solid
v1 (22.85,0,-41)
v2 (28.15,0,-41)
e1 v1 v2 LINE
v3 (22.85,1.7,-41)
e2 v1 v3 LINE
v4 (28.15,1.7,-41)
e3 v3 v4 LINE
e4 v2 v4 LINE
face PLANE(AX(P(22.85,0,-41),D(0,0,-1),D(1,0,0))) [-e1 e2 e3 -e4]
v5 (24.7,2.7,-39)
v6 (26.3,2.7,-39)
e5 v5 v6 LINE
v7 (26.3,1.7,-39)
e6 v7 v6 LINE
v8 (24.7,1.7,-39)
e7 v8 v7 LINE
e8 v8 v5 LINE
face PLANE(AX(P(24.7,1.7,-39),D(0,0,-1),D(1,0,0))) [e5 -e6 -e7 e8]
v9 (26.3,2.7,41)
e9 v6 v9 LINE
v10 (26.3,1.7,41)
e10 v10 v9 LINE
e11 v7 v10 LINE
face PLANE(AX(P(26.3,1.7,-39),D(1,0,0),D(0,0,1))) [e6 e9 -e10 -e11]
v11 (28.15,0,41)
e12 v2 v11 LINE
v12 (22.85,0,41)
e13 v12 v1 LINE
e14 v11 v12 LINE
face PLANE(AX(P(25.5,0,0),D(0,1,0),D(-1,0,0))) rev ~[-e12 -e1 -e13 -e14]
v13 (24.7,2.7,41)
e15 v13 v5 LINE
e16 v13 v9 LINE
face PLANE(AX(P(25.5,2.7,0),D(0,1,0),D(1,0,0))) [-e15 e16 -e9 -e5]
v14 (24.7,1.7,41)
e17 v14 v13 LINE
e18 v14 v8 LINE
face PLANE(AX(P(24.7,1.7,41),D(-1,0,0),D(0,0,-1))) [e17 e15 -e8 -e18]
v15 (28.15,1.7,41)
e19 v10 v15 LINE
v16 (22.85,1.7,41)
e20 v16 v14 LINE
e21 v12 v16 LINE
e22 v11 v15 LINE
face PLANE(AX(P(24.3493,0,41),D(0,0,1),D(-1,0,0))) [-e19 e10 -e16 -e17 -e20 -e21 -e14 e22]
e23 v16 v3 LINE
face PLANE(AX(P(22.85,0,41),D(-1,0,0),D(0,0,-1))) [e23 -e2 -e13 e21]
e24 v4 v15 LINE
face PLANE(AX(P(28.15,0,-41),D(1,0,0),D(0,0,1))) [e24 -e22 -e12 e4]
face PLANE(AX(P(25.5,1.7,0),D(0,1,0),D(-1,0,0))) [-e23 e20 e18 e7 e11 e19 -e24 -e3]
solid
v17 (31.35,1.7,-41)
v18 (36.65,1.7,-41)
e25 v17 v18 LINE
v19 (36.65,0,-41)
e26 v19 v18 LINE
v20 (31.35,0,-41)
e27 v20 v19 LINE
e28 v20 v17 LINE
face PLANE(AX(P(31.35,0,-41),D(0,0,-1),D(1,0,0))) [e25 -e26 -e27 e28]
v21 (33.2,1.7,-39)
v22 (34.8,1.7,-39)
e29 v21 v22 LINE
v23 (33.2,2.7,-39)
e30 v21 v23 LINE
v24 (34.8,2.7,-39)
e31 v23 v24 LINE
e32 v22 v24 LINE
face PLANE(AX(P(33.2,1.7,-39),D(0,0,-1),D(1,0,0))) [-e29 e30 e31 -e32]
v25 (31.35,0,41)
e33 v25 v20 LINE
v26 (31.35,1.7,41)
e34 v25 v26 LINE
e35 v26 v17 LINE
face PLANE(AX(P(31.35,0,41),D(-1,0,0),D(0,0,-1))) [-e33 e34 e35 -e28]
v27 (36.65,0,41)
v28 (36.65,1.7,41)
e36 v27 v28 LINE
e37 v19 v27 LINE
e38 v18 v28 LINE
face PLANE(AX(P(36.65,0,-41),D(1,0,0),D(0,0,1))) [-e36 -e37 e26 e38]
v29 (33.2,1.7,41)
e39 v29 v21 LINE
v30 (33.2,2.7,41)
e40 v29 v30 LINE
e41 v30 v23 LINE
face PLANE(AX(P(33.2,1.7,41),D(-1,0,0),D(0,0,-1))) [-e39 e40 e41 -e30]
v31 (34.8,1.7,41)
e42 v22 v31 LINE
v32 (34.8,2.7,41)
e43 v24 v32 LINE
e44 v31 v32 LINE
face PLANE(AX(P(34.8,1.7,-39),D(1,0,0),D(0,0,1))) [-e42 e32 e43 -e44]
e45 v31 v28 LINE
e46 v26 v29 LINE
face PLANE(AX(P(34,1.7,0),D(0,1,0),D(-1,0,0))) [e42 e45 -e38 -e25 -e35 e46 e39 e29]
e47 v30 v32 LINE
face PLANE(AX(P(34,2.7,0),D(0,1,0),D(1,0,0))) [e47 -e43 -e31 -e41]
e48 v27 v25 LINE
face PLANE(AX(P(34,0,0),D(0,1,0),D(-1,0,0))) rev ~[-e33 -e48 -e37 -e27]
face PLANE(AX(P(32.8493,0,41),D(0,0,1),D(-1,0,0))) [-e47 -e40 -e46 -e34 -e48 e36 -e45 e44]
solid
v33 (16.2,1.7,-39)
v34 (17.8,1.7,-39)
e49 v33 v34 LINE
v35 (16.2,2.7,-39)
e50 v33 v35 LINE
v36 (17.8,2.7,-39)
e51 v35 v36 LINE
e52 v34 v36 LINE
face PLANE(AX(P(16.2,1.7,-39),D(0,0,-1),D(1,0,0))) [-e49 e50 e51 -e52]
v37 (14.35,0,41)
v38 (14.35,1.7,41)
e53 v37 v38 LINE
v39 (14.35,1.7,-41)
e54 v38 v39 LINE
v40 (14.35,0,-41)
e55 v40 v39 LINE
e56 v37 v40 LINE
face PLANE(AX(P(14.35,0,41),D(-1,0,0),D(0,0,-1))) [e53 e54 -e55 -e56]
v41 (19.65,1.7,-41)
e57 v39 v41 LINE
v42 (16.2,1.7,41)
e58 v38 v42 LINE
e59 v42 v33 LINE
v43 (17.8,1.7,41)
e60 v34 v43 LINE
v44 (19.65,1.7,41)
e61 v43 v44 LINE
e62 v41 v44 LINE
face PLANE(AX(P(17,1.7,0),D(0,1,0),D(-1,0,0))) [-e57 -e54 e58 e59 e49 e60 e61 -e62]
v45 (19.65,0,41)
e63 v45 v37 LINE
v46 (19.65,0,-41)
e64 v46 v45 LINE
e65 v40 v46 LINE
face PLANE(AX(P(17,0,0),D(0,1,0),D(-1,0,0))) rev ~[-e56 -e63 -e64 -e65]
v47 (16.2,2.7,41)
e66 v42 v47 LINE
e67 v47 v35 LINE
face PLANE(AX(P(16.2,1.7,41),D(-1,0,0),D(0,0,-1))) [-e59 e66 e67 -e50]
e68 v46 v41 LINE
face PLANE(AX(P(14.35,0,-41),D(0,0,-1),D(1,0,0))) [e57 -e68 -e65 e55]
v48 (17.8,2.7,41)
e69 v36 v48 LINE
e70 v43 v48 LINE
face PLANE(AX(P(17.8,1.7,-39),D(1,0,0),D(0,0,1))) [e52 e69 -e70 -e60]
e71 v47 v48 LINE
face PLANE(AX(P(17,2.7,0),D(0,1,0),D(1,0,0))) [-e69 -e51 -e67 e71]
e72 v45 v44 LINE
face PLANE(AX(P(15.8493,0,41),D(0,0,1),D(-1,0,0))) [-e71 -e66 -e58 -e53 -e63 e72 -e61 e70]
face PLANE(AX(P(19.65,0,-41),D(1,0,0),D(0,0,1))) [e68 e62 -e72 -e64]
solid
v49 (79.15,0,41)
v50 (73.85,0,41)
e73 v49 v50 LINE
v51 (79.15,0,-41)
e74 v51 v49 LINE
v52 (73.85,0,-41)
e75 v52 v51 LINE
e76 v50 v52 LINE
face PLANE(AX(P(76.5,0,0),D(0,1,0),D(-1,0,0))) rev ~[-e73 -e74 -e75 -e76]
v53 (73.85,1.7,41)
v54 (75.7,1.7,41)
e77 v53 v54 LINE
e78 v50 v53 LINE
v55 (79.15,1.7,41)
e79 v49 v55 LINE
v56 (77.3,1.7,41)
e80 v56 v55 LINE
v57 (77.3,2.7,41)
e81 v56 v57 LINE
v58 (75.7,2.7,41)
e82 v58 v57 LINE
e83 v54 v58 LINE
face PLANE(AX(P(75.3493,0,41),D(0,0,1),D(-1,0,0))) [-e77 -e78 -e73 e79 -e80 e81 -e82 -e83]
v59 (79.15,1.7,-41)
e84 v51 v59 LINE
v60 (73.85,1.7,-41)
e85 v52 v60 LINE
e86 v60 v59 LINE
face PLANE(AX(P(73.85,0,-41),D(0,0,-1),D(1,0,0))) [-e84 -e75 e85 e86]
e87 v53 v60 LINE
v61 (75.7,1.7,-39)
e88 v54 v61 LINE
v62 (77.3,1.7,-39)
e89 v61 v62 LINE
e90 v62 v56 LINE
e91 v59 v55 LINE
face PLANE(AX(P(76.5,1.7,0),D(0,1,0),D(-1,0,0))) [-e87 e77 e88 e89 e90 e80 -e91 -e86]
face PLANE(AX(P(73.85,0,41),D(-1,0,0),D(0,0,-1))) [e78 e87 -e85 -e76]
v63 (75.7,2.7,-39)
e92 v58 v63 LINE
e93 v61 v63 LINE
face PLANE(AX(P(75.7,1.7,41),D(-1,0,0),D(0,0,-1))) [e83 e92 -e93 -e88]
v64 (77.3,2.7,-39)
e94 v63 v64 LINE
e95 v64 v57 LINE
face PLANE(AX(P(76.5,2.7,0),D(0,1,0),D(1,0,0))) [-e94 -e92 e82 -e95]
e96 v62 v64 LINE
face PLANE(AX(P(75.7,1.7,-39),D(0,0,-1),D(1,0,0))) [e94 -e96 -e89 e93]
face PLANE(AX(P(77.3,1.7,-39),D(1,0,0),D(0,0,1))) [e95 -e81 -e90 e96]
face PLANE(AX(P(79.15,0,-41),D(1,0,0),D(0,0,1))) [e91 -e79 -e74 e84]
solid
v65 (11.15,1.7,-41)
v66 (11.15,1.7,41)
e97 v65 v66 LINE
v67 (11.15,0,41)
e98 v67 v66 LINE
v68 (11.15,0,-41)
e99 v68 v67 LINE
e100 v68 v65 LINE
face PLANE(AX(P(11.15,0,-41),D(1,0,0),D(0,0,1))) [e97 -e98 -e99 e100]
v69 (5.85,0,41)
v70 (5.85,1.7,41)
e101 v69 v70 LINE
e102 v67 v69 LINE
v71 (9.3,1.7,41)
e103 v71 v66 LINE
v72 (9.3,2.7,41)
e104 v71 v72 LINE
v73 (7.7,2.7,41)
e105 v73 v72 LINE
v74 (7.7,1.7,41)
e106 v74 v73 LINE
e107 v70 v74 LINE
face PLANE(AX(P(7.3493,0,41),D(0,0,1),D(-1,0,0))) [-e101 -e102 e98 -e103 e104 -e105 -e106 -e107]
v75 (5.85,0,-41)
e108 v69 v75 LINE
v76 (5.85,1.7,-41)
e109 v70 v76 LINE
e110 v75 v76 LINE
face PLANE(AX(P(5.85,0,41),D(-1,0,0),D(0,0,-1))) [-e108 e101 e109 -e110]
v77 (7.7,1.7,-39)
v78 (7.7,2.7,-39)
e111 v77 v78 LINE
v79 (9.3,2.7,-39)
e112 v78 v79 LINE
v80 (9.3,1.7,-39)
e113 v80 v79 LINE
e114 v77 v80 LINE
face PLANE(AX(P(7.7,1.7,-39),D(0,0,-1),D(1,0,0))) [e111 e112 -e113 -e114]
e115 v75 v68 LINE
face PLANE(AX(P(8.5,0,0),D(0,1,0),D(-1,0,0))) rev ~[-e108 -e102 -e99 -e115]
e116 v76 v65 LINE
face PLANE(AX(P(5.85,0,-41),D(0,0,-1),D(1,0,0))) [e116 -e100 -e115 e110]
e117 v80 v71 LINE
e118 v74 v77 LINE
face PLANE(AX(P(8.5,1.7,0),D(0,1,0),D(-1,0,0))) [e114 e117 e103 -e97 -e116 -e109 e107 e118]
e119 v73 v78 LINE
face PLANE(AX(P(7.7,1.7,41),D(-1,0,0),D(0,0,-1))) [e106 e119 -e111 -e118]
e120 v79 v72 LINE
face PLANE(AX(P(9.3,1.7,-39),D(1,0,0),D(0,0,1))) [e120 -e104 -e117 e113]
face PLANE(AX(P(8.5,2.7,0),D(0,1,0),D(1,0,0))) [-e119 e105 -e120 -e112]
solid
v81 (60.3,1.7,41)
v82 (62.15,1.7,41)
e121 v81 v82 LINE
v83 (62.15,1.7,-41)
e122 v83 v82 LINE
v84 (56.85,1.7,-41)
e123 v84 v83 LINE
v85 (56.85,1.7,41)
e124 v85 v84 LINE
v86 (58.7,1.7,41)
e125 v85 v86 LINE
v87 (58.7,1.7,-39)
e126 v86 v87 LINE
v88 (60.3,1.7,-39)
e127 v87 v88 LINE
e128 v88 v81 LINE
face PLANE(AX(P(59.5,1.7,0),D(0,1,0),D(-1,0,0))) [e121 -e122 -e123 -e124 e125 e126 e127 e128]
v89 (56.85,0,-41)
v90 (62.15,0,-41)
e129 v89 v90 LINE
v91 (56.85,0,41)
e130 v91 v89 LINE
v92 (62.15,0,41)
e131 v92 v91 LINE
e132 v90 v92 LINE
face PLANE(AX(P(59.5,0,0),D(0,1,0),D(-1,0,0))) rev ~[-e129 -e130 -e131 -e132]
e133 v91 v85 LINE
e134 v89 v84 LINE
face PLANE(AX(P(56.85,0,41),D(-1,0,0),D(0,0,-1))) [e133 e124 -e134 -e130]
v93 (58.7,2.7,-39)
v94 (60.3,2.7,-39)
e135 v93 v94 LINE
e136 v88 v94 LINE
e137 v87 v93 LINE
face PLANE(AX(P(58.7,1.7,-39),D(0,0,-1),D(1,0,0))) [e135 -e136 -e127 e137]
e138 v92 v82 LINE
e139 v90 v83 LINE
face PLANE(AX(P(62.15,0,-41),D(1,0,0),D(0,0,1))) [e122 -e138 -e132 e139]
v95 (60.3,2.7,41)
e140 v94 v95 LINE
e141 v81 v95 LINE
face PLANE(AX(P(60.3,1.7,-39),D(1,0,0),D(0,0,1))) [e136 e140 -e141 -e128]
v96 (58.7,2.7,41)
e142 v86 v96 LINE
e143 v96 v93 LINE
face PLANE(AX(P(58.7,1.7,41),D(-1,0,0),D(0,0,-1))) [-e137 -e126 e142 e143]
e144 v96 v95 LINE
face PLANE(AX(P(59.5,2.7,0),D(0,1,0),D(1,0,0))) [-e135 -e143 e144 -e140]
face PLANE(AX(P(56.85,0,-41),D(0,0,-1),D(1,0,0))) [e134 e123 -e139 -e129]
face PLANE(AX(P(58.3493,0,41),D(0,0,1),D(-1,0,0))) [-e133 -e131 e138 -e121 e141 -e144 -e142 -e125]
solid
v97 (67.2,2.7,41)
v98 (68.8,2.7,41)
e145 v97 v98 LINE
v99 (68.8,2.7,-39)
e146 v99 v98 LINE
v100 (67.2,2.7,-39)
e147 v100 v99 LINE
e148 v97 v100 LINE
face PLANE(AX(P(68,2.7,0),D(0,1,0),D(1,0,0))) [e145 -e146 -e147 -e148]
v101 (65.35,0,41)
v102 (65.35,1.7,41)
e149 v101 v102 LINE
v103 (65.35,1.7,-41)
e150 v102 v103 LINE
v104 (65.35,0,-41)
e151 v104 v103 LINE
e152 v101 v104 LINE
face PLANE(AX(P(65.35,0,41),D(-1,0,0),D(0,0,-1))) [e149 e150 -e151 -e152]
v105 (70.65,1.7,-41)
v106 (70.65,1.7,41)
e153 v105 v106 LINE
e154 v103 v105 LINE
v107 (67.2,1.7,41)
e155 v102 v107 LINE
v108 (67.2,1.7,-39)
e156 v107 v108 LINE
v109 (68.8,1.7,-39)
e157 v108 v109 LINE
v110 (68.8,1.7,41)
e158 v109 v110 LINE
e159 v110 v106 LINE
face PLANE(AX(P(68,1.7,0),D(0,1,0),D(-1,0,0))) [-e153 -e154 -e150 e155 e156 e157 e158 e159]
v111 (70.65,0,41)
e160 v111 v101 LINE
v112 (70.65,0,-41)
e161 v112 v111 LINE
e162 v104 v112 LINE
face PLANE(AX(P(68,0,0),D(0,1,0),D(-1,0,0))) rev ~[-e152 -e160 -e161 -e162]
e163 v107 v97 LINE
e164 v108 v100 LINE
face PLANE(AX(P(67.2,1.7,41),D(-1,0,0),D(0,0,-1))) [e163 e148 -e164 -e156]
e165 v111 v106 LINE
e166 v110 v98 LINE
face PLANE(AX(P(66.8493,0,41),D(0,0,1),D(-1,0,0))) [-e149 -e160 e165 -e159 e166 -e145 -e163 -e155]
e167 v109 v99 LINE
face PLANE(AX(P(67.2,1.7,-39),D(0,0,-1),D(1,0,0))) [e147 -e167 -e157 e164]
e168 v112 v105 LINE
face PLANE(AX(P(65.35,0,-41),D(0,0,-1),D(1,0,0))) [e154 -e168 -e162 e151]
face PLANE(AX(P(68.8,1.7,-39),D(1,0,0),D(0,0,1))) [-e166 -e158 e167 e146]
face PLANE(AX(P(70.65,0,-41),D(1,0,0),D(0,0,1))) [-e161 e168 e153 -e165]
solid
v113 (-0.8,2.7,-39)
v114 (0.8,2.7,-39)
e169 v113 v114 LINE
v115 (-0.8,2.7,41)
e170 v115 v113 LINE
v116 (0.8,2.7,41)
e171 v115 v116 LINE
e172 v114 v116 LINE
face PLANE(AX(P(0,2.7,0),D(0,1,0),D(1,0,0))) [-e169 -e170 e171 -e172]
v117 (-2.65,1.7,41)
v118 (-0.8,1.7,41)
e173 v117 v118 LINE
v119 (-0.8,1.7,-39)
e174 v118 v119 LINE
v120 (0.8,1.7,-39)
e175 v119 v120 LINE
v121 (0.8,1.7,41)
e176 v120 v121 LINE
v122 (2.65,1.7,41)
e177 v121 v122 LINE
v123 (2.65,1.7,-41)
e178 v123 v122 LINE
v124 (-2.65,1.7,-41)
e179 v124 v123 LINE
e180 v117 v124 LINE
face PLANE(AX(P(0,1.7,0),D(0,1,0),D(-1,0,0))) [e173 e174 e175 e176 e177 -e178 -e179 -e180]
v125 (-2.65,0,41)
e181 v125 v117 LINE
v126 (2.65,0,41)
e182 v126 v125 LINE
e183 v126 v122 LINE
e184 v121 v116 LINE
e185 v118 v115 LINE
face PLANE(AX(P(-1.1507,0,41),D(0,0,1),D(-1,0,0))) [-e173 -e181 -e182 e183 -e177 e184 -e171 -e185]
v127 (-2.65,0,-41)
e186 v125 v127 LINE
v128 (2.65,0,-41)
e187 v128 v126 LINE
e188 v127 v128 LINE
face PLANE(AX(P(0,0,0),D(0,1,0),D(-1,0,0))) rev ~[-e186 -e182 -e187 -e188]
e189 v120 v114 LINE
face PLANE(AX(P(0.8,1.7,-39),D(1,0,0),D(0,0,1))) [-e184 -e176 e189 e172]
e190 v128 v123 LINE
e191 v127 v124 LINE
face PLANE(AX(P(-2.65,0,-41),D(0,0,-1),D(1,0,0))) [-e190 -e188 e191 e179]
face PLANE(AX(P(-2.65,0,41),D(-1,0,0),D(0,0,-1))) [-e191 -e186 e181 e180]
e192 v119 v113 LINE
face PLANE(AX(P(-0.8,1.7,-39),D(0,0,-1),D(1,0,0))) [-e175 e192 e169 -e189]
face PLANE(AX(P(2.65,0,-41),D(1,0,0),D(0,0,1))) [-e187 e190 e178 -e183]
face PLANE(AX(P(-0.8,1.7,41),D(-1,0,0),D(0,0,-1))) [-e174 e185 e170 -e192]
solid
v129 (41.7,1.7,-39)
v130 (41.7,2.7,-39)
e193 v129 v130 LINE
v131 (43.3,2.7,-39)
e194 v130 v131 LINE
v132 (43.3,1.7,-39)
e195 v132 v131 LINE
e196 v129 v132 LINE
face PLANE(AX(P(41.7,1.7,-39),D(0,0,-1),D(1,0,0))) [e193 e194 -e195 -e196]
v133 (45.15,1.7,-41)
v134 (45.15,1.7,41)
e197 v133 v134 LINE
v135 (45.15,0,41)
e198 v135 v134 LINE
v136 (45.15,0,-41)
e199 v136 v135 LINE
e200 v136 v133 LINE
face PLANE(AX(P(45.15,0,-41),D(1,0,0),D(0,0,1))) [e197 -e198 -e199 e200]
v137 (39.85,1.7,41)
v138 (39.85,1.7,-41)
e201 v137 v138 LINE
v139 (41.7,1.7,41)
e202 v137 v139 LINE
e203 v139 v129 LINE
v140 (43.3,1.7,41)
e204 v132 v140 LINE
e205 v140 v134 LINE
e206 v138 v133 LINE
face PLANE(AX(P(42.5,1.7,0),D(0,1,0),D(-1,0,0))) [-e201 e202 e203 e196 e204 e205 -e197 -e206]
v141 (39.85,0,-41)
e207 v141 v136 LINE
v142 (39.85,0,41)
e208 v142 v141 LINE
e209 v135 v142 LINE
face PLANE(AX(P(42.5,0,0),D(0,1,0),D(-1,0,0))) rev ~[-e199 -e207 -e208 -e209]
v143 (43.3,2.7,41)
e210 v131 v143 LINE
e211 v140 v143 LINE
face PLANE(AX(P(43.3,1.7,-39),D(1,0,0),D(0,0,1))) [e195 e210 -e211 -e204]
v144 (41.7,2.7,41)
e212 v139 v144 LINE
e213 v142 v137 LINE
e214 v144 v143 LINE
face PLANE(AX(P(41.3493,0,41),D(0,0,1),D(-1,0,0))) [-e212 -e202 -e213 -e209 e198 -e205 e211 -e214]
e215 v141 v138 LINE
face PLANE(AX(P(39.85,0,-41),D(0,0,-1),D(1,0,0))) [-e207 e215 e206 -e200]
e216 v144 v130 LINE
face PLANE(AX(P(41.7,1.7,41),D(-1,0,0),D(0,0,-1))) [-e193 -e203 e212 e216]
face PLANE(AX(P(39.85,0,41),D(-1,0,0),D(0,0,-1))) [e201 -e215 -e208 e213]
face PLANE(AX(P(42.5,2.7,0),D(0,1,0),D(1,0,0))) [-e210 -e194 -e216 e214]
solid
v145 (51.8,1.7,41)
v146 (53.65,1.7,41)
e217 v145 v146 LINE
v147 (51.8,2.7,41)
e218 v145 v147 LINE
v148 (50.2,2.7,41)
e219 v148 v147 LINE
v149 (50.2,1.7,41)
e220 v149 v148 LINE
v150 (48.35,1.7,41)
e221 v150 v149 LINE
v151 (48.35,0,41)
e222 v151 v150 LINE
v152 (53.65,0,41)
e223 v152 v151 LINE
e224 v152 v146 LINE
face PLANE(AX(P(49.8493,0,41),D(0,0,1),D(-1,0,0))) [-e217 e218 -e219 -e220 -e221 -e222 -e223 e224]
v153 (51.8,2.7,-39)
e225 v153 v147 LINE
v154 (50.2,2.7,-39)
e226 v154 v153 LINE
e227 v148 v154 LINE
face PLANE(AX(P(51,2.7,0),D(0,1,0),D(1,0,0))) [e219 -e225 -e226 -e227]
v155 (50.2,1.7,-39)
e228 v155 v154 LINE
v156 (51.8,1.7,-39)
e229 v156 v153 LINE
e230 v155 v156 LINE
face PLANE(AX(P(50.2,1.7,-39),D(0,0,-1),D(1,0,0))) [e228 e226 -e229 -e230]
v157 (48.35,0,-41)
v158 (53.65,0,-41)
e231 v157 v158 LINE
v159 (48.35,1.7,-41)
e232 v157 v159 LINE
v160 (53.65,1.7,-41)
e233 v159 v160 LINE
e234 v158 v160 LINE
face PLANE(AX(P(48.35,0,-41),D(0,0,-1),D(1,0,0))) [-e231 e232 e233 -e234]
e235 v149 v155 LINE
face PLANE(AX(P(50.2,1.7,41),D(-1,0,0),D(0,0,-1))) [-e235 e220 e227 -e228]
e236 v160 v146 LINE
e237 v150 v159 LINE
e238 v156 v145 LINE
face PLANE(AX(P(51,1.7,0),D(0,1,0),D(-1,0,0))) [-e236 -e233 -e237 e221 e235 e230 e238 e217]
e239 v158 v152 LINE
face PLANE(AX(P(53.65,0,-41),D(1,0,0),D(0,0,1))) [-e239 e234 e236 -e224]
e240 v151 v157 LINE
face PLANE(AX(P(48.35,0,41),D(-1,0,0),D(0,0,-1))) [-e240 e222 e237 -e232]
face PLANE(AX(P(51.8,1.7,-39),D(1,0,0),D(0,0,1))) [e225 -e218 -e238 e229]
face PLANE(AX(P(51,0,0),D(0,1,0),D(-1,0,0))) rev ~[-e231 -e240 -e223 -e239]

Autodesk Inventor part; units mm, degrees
ref_plane "YZ Plane" through (0, 0, 0) normal (1, 0, 0) x (0, 1, 0)
ref_plane "XZ Plane" through (0, 0, 0) normal (0, 1, 0) x (-1, 0, 0)
ref_plane "XY Plane" through (0, 0, 0) normal (0, 0, 1) x (1, 0, 0)
sketch "Sketch1" plane through (0, 0, 0) normal (0, 1, 0) x (-1, 0, 0)
  line L0 (2.65, -41) -> (-2.65, -41)
  line L1 (-2.65, -41) -> (-2.65, 41)
  line L2 (-2.65, 41) -> (2.65, 41)
  line L3 (2.65, 41) -> (2.65, -41)
  line L4 (2.65, -41) -> (-2.65, 41) construction
  line L5 (-2.65, -41) -> (2.65, 41) construction
  line L6 (-1.2752, 41) -> (1.1507, 41)
  line L7 (1.1507, 41) -> (1.1507, 41)
  line L8 (1.1507, 41) -> (-1.2752, 41)
  line L9 (-1.2752, 41) -> (-1.2752, 41)
  point P0 (0, 0)
  dimension "d0" = 5.3
  dimension "d1" = 82
extrude "Extrusion1" add sketch "Sketch1" along normal blind 1.7
sketch "Sketch2" plane through (0, 1.7, 0) normal (0, 1, 0) x (1, 0, 0)
  line L0 (-2.65, -41) -> (2.65, -41) projected
  line L1 (0.8, -41) -> (-0.8, -41)
  line L2 (-0.8, -41) -> (-0.8, 39)
  line L3 (-0.8, 39) -> (0.8, 39)
  line L4 (0.8, 39) -> (0.8, -41)
  line L5 (2.65, -41) -> (2.65, 41) projected
  line L6 (-2.65, 41) -> (-2.65, -41) projected
  point P0 (0, 0)
  dimension "d4" = 80
  dimension "d5" = 1.6
  dimension "d6" = 5.3
  dimension "d7" = 1.85
extrude "Extrusion2" add sketch "Sketch2" along normal blind 1
pattern_linear "Rectangular Pattern1" count 10 spacing 8.5 along (1, 0, 0) of "Extrusion1", "Extrusion2"
equation "\"d7\" = 0.5 * d6 - 0.5 * d5"
equation "\"base_add\" = 1.2"
properties part number "structure2"
